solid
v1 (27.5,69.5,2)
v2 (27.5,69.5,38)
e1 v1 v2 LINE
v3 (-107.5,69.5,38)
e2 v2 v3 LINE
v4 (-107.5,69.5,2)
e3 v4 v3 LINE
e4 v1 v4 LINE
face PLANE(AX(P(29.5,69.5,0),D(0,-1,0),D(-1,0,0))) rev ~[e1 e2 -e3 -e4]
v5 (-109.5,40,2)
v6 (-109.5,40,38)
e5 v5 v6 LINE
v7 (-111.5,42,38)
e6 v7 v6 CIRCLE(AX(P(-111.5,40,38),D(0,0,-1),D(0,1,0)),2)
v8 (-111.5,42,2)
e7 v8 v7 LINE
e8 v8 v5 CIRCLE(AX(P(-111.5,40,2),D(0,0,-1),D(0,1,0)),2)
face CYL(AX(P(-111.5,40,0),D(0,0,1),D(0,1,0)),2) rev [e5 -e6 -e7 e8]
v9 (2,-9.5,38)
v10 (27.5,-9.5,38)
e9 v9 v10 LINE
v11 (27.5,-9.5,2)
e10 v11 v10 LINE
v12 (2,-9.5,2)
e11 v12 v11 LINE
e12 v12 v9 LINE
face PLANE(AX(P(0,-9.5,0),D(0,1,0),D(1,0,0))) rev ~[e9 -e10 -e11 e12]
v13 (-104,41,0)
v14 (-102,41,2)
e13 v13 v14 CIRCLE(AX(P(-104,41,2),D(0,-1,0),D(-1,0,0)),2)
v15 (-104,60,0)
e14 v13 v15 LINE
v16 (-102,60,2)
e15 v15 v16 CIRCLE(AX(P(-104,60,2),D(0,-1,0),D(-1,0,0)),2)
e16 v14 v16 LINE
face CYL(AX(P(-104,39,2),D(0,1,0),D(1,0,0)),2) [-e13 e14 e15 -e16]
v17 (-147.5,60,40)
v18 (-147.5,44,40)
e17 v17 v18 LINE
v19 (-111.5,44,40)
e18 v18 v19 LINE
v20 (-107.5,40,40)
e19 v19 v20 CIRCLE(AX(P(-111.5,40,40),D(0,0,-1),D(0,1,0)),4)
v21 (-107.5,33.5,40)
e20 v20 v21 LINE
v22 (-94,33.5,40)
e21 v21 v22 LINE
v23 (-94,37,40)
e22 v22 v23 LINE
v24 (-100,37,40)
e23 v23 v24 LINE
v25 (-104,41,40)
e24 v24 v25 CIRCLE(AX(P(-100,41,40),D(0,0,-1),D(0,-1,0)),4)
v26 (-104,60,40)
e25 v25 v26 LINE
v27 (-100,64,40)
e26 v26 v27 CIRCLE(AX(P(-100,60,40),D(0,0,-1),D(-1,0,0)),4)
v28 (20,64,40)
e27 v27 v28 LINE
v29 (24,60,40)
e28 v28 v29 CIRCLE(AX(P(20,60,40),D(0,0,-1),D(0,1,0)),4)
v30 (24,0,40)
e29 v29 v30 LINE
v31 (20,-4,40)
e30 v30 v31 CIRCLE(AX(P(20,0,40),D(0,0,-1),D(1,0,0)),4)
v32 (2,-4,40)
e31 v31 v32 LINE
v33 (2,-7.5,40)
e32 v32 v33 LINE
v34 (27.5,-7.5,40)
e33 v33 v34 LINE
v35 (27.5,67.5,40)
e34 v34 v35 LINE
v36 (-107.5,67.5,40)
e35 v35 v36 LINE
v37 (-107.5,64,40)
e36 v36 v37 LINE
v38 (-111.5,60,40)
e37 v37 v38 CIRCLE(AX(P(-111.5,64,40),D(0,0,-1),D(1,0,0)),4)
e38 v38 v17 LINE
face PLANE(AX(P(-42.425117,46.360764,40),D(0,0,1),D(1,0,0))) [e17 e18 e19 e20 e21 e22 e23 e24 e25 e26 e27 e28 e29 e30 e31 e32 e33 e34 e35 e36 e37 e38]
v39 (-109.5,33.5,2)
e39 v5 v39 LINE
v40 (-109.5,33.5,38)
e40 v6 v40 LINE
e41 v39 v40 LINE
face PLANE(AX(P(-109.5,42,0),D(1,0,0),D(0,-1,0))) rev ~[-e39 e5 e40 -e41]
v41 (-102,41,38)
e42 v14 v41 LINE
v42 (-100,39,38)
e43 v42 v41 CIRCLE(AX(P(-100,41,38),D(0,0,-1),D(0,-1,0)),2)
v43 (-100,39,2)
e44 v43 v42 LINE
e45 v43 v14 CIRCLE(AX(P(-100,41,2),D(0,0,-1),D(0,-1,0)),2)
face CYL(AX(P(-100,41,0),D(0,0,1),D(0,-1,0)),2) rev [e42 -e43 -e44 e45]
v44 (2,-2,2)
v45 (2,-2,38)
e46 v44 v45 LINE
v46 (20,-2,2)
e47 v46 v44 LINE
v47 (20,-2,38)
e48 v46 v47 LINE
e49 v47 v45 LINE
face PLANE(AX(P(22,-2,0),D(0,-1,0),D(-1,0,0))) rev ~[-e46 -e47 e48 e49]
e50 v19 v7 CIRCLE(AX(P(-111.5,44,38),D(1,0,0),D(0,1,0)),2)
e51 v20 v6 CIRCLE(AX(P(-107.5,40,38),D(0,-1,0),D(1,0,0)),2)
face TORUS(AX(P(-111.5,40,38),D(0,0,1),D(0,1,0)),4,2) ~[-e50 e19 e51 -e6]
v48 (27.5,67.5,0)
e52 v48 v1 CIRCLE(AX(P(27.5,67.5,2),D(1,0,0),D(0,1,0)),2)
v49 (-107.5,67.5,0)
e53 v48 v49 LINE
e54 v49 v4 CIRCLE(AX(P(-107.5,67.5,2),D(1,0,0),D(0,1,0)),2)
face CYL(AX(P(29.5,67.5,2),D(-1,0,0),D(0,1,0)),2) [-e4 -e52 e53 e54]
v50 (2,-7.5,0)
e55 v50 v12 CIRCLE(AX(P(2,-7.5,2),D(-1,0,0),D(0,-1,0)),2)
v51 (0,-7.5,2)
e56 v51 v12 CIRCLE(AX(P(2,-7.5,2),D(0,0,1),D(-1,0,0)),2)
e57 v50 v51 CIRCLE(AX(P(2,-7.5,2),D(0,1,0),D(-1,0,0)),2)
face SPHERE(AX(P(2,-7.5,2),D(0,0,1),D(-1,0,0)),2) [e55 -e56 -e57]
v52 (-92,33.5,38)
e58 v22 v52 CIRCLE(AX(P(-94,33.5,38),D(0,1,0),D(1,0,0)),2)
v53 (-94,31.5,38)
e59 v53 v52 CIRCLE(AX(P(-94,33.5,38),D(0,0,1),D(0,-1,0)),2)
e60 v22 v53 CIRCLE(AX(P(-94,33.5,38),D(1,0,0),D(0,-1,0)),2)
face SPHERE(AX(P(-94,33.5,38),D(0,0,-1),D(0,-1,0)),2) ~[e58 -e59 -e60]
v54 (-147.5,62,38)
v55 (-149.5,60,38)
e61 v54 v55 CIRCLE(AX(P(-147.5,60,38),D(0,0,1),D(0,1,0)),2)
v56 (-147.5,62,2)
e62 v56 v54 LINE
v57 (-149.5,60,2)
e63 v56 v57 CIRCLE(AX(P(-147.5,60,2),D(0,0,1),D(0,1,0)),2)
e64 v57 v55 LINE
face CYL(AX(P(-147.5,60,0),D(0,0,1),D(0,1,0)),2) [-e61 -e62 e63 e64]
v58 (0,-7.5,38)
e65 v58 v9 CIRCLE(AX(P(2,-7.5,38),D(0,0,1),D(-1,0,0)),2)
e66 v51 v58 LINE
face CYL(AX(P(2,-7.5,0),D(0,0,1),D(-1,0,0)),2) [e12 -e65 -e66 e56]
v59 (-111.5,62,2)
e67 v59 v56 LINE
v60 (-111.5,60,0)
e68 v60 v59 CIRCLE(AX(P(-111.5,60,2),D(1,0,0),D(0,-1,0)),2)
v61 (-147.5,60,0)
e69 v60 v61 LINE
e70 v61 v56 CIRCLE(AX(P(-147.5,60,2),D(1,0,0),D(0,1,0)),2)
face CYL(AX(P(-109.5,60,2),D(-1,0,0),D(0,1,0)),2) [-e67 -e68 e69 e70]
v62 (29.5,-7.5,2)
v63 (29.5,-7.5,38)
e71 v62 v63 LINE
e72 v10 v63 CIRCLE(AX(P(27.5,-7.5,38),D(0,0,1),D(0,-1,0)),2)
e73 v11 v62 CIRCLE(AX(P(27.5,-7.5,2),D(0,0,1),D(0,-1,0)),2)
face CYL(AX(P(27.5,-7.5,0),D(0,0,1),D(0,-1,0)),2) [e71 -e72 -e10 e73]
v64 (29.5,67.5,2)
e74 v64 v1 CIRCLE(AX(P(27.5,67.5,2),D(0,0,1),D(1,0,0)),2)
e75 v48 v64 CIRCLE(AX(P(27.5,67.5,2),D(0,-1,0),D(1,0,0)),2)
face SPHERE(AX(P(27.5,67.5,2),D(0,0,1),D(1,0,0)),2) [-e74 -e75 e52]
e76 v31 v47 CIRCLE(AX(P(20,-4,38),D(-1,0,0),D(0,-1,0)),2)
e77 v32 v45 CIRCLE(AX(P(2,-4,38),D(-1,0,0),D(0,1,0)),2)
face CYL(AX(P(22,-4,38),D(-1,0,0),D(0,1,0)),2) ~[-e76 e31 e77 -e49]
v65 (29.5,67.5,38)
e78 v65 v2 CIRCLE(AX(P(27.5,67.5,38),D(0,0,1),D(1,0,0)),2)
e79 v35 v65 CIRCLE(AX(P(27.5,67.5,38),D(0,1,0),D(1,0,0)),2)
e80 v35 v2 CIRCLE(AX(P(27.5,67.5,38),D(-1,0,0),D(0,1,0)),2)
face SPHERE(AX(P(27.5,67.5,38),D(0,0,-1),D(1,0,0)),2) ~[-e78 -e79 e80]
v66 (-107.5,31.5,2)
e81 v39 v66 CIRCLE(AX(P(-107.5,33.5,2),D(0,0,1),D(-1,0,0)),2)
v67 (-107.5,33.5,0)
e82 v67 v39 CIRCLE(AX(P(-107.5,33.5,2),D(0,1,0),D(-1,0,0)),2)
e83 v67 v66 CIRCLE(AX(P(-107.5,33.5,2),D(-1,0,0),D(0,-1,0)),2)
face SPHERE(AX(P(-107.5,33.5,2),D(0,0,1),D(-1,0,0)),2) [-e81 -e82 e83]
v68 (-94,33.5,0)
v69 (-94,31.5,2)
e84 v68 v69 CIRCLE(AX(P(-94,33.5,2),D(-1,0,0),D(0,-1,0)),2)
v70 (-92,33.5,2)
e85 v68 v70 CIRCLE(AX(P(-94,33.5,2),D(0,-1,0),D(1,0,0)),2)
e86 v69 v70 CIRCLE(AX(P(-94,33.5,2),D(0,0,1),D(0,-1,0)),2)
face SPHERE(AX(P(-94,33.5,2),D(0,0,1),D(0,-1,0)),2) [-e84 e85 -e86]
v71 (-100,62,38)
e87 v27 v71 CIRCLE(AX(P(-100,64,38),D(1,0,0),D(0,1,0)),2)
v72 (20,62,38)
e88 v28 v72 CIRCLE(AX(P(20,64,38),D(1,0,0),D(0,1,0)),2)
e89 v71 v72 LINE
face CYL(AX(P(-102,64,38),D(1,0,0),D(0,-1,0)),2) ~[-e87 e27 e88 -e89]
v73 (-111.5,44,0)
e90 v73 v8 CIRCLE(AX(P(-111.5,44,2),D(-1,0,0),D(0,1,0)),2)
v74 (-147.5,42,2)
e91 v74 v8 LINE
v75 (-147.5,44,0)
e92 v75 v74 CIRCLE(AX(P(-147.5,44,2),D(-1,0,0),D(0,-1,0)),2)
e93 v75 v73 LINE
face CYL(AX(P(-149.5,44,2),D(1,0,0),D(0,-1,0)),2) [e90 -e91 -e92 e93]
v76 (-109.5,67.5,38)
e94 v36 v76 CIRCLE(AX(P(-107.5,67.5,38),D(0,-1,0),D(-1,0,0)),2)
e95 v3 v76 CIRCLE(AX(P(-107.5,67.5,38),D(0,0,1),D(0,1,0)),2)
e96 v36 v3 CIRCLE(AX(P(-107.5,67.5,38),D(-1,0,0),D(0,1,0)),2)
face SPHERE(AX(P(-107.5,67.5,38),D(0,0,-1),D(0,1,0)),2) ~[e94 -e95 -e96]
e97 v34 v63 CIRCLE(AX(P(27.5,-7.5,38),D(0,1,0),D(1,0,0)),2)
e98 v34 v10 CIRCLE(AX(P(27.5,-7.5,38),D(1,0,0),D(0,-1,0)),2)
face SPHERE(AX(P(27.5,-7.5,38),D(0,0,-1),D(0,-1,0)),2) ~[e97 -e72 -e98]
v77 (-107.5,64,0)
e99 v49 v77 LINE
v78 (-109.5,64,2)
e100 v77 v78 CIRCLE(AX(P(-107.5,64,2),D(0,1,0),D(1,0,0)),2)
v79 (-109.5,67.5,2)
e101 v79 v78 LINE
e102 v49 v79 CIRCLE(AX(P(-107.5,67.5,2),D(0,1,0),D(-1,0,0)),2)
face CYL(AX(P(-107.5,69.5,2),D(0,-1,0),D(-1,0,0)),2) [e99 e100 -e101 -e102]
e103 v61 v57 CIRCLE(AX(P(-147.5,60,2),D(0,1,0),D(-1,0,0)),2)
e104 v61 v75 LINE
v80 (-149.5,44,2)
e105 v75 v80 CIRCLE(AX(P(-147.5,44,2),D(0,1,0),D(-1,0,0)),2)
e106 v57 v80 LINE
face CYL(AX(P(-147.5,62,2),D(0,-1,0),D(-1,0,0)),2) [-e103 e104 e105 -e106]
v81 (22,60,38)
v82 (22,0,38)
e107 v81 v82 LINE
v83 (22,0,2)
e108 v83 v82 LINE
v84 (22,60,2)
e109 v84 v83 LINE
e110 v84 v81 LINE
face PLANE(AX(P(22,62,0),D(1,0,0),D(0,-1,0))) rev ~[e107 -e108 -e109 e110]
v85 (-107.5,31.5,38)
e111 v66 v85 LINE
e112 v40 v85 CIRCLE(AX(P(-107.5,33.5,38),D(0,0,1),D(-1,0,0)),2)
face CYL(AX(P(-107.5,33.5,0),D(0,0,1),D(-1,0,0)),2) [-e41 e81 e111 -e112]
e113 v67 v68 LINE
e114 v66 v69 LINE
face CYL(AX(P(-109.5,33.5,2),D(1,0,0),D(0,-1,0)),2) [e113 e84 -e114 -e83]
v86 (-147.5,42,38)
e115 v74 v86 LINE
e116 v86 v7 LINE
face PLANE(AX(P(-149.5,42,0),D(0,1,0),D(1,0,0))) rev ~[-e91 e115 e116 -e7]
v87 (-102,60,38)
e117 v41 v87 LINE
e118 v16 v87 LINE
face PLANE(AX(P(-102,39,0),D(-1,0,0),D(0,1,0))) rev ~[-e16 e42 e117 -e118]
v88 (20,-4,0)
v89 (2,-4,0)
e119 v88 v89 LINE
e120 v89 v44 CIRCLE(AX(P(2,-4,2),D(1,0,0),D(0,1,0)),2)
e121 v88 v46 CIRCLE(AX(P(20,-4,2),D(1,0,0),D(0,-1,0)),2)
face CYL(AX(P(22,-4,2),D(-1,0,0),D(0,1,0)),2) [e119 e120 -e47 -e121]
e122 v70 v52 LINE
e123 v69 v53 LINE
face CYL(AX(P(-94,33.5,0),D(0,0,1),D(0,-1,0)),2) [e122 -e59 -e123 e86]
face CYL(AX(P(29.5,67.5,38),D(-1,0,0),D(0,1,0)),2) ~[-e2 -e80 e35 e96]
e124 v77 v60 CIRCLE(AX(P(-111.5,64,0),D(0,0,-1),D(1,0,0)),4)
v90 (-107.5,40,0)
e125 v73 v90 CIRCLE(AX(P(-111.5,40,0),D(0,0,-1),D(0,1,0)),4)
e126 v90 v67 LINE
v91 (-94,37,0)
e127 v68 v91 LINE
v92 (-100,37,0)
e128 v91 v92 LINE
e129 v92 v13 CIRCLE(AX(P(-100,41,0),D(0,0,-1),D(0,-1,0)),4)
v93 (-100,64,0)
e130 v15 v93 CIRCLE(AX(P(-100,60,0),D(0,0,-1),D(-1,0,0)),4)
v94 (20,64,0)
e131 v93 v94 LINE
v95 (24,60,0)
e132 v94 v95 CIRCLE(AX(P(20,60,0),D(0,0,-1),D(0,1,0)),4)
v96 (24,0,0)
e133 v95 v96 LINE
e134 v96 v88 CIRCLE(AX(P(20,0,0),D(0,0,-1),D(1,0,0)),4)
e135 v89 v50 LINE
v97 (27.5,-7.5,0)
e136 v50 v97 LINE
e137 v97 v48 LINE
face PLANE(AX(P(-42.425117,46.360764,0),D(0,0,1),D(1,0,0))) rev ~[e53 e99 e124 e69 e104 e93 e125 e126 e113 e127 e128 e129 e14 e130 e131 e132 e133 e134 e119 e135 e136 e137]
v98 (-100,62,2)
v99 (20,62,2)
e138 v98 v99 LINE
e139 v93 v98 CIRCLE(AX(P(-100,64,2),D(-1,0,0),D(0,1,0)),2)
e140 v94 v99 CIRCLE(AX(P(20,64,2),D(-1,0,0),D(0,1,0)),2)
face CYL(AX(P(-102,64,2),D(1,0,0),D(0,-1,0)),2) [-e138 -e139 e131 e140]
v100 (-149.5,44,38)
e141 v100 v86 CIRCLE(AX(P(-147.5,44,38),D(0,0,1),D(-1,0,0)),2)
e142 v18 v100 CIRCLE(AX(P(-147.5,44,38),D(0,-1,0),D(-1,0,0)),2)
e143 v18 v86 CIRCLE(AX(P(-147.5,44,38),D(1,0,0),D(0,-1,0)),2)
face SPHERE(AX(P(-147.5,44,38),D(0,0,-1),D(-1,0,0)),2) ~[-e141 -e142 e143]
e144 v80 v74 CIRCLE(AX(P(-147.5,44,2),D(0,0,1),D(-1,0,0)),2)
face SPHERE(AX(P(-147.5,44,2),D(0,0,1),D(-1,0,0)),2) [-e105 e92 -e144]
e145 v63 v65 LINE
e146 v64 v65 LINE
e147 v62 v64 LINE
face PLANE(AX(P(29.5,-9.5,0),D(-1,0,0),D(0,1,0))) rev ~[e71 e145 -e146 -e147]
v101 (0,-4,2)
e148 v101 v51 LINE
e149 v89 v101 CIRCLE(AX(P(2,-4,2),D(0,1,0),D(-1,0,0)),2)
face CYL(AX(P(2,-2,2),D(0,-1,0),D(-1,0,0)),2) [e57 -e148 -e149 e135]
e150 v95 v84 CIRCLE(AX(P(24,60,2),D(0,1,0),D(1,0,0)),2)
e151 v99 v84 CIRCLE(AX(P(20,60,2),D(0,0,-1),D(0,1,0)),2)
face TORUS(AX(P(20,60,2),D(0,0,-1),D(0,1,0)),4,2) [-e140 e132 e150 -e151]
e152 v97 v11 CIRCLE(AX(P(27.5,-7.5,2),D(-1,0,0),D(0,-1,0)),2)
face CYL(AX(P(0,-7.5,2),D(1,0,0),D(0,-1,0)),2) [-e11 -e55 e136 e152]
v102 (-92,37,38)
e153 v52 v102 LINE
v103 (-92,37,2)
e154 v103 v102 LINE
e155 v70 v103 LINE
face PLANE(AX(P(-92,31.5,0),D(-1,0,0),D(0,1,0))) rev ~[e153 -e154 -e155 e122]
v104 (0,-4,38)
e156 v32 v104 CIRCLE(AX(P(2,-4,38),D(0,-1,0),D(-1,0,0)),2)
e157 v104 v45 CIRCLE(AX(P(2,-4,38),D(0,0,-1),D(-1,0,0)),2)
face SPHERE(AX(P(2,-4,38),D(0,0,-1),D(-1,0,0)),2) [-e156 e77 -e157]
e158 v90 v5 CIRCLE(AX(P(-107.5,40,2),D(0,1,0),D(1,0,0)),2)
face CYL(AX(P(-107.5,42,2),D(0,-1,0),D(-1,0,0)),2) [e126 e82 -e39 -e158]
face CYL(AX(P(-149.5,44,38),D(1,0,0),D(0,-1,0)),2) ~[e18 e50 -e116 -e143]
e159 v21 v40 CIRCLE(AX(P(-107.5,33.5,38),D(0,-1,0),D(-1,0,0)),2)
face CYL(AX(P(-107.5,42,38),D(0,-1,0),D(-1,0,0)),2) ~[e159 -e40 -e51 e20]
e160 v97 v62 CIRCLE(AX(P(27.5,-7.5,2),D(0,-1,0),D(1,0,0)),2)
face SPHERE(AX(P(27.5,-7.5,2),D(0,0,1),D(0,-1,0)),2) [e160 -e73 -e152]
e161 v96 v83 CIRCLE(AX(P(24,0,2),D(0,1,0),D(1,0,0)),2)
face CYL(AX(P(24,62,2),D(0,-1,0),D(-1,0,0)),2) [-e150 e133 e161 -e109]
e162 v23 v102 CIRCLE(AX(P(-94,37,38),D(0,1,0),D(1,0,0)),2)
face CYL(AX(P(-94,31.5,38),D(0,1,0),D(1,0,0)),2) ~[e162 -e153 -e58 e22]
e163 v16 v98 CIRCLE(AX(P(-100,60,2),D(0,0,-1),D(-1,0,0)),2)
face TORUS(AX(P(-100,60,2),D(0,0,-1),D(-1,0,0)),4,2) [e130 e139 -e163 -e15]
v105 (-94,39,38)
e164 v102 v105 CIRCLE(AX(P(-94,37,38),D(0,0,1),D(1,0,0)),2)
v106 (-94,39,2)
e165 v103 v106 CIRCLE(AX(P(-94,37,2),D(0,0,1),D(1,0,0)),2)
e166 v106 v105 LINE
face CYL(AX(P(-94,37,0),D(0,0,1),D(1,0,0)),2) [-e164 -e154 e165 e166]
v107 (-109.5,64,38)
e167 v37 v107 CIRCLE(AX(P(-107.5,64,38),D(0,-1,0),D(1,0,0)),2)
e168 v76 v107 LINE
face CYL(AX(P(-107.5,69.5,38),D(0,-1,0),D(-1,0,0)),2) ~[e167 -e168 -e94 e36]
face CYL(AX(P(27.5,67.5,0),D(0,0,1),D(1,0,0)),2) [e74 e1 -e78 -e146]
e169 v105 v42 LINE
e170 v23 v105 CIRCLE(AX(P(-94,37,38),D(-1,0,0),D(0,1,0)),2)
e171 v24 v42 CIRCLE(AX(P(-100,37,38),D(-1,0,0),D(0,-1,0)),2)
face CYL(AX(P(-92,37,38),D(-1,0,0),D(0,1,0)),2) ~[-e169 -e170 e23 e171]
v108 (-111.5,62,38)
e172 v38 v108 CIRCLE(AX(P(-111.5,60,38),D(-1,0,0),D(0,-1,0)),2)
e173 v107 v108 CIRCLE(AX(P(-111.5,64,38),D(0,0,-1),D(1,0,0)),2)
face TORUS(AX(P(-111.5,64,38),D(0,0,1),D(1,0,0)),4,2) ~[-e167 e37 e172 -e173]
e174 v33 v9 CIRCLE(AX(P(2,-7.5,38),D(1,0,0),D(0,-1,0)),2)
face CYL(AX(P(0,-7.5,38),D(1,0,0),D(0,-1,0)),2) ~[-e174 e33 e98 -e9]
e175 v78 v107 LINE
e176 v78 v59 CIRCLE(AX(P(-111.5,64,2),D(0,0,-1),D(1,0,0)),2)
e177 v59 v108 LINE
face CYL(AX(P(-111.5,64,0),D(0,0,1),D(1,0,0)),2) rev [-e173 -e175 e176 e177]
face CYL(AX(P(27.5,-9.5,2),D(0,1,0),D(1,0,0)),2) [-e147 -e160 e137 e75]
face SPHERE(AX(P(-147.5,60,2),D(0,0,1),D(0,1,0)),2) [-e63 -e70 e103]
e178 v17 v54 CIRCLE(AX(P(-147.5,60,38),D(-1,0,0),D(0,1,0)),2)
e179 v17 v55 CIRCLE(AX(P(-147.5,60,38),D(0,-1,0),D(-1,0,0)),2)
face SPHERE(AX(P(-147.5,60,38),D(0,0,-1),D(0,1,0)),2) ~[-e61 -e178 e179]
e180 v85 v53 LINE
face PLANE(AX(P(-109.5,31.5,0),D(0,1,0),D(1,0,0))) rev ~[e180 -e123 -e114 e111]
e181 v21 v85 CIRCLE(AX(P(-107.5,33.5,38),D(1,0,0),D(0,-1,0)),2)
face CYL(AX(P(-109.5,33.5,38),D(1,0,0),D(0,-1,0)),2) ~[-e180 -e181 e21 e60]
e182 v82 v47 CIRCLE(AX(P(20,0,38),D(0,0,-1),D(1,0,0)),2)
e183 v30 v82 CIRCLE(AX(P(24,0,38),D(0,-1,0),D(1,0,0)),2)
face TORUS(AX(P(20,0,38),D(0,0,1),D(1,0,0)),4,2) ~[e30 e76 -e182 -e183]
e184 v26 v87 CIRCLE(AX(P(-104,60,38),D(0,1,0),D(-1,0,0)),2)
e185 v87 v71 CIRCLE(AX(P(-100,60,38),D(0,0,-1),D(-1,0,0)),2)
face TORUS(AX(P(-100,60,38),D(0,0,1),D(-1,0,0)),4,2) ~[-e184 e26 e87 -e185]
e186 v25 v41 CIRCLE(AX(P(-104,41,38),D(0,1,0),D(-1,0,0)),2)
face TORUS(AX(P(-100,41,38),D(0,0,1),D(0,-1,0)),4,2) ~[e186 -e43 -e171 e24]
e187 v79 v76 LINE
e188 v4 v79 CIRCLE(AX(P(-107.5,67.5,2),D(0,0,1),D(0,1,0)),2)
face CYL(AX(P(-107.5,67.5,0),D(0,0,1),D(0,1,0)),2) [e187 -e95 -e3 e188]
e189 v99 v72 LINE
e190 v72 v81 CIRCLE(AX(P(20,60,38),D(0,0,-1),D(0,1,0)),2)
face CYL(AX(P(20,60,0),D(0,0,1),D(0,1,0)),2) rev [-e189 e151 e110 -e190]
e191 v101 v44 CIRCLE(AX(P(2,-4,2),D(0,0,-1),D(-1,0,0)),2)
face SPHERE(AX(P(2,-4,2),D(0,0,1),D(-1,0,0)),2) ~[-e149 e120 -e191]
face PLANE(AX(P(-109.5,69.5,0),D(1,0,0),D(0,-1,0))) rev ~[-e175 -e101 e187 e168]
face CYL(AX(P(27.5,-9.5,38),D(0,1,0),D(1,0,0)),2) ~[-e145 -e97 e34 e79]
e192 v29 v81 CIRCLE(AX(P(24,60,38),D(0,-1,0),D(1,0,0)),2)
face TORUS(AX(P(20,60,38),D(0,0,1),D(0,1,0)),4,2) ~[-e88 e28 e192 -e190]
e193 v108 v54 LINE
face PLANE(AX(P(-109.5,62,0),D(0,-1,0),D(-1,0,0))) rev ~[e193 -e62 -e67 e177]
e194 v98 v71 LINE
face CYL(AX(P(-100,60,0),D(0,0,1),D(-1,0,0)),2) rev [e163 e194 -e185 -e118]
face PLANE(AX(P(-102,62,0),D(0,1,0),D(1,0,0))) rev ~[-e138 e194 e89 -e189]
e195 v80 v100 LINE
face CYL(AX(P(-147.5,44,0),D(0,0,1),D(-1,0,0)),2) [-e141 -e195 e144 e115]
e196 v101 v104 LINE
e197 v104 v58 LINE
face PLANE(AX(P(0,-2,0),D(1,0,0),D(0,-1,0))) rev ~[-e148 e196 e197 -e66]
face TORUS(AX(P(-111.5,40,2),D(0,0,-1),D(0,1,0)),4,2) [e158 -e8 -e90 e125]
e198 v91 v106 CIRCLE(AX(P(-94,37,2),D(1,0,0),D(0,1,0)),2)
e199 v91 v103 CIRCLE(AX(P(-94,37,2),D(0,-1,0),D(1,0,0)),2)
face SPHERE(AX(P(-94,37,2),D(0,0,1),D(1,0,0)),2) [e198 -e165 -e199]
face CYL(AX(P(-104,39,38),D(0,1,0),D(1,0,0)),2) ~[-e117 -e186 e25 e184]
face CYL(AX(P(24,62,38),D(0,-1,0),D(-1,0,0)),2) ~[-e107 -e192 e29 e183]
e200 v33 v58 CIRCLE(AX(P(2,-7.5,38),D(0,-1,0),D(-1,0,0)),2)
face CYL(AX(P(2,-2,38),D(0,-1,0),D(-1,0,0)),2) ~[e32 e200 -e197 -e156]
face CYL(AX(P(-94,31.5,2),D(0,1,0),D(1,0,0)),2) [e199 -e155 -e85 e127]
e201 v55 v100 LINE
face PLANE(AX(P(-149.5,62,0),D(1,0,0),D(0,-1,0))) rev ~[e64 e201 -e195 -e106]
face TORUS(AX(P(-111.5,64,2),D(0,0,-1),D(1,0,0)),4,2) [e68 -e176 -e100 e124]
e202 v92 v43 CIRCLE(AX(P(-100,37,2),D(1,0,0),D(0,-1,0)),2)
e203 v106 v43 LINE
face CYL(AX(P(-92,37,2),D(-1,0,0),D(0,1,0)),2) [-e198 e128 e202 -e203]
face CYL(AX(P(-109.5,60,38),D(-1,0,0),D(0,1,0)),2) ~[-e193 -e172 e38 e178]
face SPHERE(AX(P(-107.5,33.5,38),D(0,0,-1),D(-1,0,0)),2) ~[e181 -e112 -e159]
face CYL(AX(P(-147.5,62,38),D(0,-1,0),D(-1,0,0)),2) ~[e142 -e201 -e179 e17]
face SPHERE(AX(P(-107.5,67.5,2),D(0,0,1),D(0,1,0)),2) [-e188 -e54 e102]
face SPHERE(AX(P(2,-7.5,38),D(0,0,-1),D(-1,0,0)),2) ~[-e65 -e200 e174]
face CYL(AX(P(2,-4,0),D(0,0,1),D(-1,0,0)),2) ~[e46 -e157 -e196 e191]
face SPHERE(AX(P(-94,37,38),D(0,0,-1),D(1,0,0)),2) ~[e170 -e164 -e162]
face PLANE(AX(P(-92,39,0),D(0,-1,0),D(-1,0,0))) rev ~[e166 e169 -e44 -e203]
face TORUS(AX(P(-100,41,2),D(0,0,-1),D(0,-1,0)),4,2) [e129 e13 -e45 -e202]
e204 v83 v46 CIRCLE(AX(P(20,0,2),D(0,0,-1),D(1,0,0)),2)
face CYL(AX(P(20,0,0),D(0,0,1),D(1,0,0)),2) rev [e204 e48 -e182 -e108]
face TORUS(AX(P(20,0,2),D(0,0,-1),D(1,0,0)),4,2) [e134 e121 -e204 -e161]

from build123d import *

# Parameters (mm, degrees)
PAD_DEPTH = 40
FILLET_R  = 2


with BuildPart() as part:
    # Sketch (on XY_Plane of Origin) → Pad (new body)
    with BuildSketch(Plane.XY):
        Polygon((0, -2), (0, -9.5), (29.5, -9.5), (29.5, 69.5), (-109.5, 69.5), (-109.5, 62), (-149.5, 62), (-149.5, 42), (-109.5, 42), (-109.5, 31.5), (-92, 31.5), (-92, 39), (-102, 39), (-102, 62), (22, 62), (22, -2), align=None)
    extrude(amount=PAD_DEPTH)

    # Fillet
    fillet_edges = [part.edges().sort_by_distance(p)[0] for p in [
        (0, -2, 20),
        (0, -9.5, 20),
        (0, -5.75, 0),
        (0, -5.75, 40),
        (29.5, -9.5, 20),
        (14.75, -9.5, 0),
        (14.75, -9.5, 40),
        (29.5, 69.5, 20),
        (29.5, 30, 0),
        (29.5, 30, 40),
        (-109.5, 69.5, 20),
        (-40, 69.5, 0),
        (-40, 69.5, 40),
        (-109.5, 62, 20),
        (-109.5, 65.75, 0),
        (-109.5, 65.75, 40),
        (-149.5, 62, 20),
        (-129.5, 62, 0),
        (-129.5, 62, 40),
        (-149.5, 42, 20),
        (-149.5, 52, 0),
        (-149.5, 52, 40),
        (-109.5, 42, 20),
        (-129.5, 42, 0),
        (-129.5, 42, 40),
        (-109.5, 31.5, 20),
        (-109.5, 36.75, 0),
        (-109.5, 36.75, 40),
        (-92, 31.5, 20),
        (-100.75, 31.5, 0),
        (-100.75, 31.5, 40),
        (-92, 39, 20),
        (-92, 35.25, 0),
        (-92, 35.25, 40),
        (-102, 39, 20),
        (-97, 39, 0),
        (-97, 39, 40),
        (-102, 62, 20),
        (-102, 50.5, 0),
        (-102, 50.5, 40),
        (22, 62, 20),
        (-40, 62, 0),
        (-40, 62, 40),
        (22, -2, 20),
        (22, 30, 0),
        (22, 30, 40),
        (11, -2, 0),
        (11, -2, 40),
    ]]
    fillet(fillet_edges, radius=FILLET_R)


solid = part.part
